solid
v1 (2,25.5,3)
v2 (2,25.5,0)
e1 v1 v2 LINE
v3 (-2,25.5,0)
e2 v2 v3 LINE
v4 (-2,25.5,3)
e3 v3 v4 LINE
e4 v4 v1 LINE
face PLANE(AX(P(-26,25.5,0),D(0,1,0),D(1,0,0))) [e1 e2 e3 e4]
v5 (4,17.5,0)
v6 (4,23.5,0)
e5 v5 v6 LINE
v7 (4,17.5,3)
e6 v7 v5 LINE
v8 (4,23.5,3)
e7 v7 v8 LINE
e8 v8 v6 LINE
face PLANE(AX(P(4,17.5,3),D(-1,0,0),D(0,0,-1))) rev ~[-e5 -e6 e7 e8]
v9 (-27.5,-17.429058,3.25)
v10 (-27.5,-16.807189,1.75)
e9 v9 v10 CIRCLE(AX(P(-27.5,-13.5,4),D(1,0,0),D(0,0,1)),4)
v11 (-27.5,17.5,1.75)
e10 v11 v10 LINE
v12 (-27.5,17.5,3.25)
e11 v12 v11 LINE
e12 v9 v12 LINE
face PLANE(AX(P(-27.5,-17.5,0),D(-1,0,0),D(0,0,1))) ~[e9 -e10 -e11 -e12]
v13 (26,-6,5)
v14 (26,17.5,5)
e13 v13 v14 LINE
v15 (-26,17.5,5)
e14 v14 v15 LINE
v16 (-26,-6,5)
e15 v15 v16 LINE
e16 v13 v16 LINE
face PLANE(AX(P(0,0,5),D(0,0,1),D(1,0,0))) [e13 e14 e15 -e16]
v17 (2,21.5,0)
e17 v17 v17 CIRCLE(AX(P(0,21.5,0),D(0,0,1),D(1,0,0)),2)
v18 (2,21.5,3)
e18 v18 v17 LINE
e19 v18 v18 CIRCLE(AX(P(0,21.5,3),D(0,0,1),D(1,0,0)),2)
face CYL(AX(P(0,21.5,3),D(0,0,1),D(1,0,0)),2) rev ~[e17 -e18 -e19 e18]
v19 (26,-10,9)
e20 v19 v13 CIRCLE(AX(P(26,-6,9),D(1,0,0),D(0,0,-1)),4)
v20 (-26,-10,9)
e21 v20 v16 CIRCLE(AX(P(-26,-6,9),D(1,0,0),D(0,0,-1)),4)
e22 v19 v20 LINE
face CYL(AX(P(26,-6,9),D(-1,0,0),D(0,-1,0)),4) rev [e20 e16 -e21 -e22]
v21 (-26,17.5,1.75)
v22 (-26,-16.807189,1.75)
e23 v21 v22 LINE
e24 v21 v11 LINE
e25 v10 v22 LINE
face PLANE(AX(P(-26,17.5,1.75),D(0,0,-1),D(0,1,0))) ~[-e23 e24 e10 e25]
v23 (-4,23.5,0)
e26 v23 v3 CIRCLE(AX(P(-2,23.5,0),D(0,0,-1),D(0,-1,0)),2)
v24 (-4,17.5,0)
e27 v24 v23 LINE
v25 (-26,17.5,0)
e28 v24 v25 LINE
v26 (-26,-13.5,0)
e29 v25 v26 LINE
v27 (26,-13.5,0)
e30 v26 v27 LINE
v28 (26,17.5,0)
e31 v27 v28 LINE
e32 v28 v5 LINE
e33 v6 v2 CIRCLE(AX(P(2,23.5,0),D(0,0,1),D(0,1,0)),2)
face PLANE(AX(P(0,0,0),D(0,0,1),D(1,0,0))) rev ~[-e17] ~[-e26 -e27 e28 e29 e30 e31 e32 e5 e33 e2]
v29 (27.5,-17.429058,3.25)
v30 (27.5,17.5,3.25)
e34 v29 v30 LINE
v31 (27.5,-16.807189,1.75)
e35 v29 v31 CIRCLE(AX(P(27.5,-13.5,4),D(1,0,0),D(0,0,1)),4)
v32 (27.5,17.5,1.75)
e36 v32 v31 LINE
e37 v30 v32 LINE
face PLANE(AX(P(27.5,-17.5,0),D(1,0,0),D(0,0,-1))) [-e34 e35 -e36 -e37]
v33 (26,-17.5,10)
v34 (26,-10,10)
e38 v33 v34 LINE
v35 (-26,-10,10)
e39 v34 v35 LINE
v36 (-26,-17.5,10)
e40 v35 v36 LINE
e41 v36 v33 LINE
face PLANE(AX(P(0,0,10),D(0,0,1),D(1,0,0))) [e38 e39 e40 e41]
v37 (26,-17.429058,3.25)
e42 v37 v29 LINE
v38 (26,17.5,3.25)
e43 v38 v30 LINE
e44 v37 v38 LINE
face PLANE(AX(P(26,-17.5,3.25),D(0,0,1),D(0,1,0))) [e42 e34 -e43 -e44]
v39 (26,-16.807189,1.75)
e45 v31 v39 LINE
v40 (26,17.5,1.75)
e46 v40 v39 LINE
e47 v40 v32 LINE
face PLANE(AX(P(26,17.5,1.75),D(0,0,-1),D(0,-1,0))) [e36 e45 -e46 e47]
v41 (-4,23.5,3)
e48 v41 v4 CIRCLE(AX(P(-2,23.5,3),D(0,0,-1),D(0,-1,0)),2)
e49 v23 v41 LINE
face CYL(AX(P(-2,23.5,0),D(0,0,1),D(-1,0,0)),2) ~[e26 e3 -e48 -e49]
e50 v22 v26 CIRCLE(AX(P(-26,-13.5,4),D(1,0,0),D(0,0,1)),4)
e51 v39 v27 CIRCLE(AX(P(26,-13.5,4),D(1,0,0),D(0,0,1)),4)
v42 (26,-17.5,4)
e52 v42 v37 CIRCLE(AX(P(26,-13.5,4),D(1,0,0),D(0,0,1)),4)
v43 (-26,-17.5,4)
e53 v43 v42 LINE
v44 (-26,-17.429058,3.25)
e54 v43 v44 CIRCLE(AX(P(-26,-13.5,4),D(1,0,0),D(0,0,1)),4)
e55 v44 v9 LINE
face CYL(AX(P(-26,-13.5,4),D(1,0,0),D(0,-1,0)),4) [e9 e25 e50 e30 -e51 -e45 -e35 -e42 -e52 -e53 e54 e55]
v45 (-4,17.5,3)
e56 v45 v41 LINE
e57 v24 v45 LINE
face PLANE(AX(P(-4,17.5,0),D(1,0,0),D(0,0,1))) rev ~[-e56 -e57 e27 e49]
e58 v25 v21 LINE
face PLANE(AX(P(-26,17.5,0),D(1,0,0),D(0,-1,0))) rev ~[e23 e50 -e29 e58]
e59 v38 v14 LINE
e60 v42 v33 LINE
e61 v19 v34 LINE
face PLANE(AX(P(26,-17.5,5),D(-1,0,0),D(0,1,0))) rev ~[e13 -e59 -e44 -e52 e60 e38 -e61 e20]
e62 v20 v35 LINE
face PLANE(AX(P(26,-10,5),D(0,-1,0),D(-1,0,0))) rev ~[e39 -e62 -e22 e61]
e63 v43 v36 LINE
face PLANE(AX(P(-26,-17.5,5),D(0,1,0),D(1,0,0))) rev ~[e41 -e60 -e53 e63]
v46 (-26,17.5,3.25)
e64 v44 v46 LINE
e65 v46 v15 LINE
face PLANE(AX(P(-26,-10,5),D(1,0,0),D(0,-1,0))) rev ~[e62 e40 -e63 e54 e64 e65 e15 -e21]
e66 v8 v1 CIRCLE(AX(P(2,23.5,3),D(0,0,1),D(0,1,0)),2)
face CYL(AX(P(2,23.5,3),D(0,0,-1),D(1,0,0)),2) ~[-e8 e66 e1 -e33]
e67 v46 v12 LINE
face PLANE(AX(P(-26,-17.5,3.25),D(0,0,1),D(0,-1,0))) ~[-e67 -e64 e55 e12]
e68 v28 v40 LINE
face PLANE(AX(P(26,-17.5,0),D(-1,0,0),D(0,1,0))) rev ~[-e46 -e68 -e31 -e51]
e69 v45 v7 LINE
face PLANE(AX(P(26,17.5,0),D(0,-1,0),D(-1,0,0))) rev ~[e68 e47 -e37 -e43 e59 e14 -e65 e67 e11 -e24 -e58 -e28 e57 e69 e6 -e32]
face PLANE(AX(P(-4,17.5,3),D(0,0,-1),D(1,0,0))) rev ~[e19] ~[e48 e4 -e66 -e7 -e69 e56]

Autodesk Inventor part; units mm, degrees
ref_plane "YZ Plane" through (0, 0, 0) normal (1, 0, 0) x (0, 1, 0)
ref_plane "XZ Plane" through (0, 0, 0) normal (0, 1, 0) x (-1, 0, 0)
ref_plane "XY Plane" through (0, 0, 0) normal (0, 0, 1) x (1, 0, 0)
sketch "Esquisse2" plane through (0, 0, 0) normal (0, 0, 1) x (1, 0, 0)
  line L0 (-26, -17.5) -> (26, -17.5)
  line L1 (26, -17.5) -> (26, 17.5)
  line L2 (26, 17.5) -> (-26, 17.5)
  line L3 (-26, 17.5) -> (-26, -17.5)
  line L4 (-26, -17.5) -> (26, 17.5) construction
  line L5 (26, -17.5) -> (-26, 17.5) construction
  point P0 (0, 0)
  dimension "d0" = 52
  dimension "d1" = 35
extrude "Extrusion1" add sketch "Esquisse2" along normal blind 5
sketch "Esquisse3" plane through (26, -17.5, 0) normal (1, 0, 0) x (0, 0, -1)
  line L0 (0, 0) -> (0, 35) construction
  line L1 (0, 35) -> (-5, 35) construction
  line L2 (-5, 0) -> (-5, 35) construction
  line L3 (0, 0) -> (-5, 0) construction
  line L4 (0, 17.5) -> (-2.5, 17.5) construction
  line L5 (-1.75, 0) -> (-3.25, 0)
  line L6 (-3.25, 0) -> (-3.25, 35)
  line L7 (-3.25, 35) -> (-1.75, 35)
  line L8 (-1.75, 35) -> (-1.75, 0)
  line L9 (-1.75, 0) -> (-3.25, 35) construction
  line L10 (-3.25, 0) -> (-1.75, 35) construction
  dimension "d4" = 2.5
  dimension "d5" = 1.5
extrude "Extrusion2" add sketch "Esquisse3" along normal blind 1.5
mirror "Symétrie1" about plane through (0, 0, 0) normal (1, 0, 0) of "Extrusion2"
sketch "Esquisse4" plane through (0, 0, 5) normal (0, 0, 1) x (1, 0, 0)
  line L0 (-26, 17.5) -> (-26, -17.5) construction
  line L1 (-26, -17.5) -> (26, -17.5) construction
  line L2 (26, -17.5) -> (26, 17.5) construction
  line L3 (26, 17.5) -> (-26, 17.5) construction
  line L4 (-26, -17.5) -> (26, -17.5)
  line L5 (26, -17.5) -> (26, -10)
  line L6 (26, -10) -> (-26, -10)
  line L7 (-26, -10) -> (-26, -17.5)
  point P0 (0, 0)
  dimension "d8" = 7.5
extrude "Extrusion3" add sketch "Esquisse4" along normal blind 5
sketch "Esquisse5" plane through (-26, 17.5, 0) normal (0, 1, 0) x (1, 0, 0)
  line L0 (52, 0) -> (0, 0) construction
  line L1 (0, 0) -> (0, -1.75) construction
  line L2 (0, -1.75) -> (-1.5, -1.75) construction
  line L3 (-1.5, -1.75) -> (-1.5, -3.25) construction
  line L4 (0, -3.25) -> (-1.5, -3.25) construction
  line L5 (0, -3.25) -> (0, -5) construction
  line L6 (52, -5) -> (0, -5) construction
  line L7 (52, -3.25) -> (52, -5) construction
  line L8 (52, -3.25) -> (53.5, -3.25) construction
  line L9 (53.5, -1.75) -> (53.5, -3.25) construction
  line L10 (52, -1.75) -> (53.5, -1.75) construction
  line L11 (52, 0) -> (52, -1.75) construction
  line L12 (26, 2) -> (26, -12) construction
  line L13 (-12.5, 0) -> (64.5, 0) construction
  line L14 (26, 0) -> (30, 0) construction
  line L15 (30, 0) -> (22, 0)
  line L16 (22, 0) -> (22, -3)
  line L17 (22, -3) -> (30, -3)
  line L18 (30, -3) -> (30, 0)
  dimension "d11" = 4
  dimension "d12" = 8
  dimension "d13" = 3
extrude "Extrusion4" add sketch "Esquisse5" along normal blind 8
fillet "Congé1" radius 2 2 edges at (4, 25.5, 1.5) (-4, 25.5, 1.5)
fillet "Congé1" radius 4 2 edges at (0, -17.5, 0) (0, -10, 5)
sketch "Esquisse6" plane through (-4, 17.5, 3) normal (0, 0, 1) x (1, 0, 0)
  line L0 (30, -23.5) -> (-22, -23.5) construction
  line L1 (30, -23.5) -> (30, 0) construction
  line L2 (30, 0) -> (-22, 0) construction
  line L3 (-22, 0) -> (-22, -23.5) construction
  arc A0 (2, 8) -> (0, 6) centre (2, 6) ccw construction
  line L4 (0, 0) -> (0, 6) construction
  line L5 (8, 0) -> (0, 0) construction
  line L6 (8, 0) -> (8, 6) construction
  arc A1 (8, 6) -> (6, 8) centre (6, 6) ccw construction
  line L7 (2, 8) -> (6, 8) construction
  line L8 (4, 0) -> (4, 4) construction
  circle A2 centre (4, 4) radius 2
  point P0 (4, -17.5)
  dimension "d18" = 4
  dimension "d19" = 4
extrude "Extrusion5" cut sketch "Esquisse6" against normal through all
properties part number "A3_BatteriesTray" material "Plastique ABS"
